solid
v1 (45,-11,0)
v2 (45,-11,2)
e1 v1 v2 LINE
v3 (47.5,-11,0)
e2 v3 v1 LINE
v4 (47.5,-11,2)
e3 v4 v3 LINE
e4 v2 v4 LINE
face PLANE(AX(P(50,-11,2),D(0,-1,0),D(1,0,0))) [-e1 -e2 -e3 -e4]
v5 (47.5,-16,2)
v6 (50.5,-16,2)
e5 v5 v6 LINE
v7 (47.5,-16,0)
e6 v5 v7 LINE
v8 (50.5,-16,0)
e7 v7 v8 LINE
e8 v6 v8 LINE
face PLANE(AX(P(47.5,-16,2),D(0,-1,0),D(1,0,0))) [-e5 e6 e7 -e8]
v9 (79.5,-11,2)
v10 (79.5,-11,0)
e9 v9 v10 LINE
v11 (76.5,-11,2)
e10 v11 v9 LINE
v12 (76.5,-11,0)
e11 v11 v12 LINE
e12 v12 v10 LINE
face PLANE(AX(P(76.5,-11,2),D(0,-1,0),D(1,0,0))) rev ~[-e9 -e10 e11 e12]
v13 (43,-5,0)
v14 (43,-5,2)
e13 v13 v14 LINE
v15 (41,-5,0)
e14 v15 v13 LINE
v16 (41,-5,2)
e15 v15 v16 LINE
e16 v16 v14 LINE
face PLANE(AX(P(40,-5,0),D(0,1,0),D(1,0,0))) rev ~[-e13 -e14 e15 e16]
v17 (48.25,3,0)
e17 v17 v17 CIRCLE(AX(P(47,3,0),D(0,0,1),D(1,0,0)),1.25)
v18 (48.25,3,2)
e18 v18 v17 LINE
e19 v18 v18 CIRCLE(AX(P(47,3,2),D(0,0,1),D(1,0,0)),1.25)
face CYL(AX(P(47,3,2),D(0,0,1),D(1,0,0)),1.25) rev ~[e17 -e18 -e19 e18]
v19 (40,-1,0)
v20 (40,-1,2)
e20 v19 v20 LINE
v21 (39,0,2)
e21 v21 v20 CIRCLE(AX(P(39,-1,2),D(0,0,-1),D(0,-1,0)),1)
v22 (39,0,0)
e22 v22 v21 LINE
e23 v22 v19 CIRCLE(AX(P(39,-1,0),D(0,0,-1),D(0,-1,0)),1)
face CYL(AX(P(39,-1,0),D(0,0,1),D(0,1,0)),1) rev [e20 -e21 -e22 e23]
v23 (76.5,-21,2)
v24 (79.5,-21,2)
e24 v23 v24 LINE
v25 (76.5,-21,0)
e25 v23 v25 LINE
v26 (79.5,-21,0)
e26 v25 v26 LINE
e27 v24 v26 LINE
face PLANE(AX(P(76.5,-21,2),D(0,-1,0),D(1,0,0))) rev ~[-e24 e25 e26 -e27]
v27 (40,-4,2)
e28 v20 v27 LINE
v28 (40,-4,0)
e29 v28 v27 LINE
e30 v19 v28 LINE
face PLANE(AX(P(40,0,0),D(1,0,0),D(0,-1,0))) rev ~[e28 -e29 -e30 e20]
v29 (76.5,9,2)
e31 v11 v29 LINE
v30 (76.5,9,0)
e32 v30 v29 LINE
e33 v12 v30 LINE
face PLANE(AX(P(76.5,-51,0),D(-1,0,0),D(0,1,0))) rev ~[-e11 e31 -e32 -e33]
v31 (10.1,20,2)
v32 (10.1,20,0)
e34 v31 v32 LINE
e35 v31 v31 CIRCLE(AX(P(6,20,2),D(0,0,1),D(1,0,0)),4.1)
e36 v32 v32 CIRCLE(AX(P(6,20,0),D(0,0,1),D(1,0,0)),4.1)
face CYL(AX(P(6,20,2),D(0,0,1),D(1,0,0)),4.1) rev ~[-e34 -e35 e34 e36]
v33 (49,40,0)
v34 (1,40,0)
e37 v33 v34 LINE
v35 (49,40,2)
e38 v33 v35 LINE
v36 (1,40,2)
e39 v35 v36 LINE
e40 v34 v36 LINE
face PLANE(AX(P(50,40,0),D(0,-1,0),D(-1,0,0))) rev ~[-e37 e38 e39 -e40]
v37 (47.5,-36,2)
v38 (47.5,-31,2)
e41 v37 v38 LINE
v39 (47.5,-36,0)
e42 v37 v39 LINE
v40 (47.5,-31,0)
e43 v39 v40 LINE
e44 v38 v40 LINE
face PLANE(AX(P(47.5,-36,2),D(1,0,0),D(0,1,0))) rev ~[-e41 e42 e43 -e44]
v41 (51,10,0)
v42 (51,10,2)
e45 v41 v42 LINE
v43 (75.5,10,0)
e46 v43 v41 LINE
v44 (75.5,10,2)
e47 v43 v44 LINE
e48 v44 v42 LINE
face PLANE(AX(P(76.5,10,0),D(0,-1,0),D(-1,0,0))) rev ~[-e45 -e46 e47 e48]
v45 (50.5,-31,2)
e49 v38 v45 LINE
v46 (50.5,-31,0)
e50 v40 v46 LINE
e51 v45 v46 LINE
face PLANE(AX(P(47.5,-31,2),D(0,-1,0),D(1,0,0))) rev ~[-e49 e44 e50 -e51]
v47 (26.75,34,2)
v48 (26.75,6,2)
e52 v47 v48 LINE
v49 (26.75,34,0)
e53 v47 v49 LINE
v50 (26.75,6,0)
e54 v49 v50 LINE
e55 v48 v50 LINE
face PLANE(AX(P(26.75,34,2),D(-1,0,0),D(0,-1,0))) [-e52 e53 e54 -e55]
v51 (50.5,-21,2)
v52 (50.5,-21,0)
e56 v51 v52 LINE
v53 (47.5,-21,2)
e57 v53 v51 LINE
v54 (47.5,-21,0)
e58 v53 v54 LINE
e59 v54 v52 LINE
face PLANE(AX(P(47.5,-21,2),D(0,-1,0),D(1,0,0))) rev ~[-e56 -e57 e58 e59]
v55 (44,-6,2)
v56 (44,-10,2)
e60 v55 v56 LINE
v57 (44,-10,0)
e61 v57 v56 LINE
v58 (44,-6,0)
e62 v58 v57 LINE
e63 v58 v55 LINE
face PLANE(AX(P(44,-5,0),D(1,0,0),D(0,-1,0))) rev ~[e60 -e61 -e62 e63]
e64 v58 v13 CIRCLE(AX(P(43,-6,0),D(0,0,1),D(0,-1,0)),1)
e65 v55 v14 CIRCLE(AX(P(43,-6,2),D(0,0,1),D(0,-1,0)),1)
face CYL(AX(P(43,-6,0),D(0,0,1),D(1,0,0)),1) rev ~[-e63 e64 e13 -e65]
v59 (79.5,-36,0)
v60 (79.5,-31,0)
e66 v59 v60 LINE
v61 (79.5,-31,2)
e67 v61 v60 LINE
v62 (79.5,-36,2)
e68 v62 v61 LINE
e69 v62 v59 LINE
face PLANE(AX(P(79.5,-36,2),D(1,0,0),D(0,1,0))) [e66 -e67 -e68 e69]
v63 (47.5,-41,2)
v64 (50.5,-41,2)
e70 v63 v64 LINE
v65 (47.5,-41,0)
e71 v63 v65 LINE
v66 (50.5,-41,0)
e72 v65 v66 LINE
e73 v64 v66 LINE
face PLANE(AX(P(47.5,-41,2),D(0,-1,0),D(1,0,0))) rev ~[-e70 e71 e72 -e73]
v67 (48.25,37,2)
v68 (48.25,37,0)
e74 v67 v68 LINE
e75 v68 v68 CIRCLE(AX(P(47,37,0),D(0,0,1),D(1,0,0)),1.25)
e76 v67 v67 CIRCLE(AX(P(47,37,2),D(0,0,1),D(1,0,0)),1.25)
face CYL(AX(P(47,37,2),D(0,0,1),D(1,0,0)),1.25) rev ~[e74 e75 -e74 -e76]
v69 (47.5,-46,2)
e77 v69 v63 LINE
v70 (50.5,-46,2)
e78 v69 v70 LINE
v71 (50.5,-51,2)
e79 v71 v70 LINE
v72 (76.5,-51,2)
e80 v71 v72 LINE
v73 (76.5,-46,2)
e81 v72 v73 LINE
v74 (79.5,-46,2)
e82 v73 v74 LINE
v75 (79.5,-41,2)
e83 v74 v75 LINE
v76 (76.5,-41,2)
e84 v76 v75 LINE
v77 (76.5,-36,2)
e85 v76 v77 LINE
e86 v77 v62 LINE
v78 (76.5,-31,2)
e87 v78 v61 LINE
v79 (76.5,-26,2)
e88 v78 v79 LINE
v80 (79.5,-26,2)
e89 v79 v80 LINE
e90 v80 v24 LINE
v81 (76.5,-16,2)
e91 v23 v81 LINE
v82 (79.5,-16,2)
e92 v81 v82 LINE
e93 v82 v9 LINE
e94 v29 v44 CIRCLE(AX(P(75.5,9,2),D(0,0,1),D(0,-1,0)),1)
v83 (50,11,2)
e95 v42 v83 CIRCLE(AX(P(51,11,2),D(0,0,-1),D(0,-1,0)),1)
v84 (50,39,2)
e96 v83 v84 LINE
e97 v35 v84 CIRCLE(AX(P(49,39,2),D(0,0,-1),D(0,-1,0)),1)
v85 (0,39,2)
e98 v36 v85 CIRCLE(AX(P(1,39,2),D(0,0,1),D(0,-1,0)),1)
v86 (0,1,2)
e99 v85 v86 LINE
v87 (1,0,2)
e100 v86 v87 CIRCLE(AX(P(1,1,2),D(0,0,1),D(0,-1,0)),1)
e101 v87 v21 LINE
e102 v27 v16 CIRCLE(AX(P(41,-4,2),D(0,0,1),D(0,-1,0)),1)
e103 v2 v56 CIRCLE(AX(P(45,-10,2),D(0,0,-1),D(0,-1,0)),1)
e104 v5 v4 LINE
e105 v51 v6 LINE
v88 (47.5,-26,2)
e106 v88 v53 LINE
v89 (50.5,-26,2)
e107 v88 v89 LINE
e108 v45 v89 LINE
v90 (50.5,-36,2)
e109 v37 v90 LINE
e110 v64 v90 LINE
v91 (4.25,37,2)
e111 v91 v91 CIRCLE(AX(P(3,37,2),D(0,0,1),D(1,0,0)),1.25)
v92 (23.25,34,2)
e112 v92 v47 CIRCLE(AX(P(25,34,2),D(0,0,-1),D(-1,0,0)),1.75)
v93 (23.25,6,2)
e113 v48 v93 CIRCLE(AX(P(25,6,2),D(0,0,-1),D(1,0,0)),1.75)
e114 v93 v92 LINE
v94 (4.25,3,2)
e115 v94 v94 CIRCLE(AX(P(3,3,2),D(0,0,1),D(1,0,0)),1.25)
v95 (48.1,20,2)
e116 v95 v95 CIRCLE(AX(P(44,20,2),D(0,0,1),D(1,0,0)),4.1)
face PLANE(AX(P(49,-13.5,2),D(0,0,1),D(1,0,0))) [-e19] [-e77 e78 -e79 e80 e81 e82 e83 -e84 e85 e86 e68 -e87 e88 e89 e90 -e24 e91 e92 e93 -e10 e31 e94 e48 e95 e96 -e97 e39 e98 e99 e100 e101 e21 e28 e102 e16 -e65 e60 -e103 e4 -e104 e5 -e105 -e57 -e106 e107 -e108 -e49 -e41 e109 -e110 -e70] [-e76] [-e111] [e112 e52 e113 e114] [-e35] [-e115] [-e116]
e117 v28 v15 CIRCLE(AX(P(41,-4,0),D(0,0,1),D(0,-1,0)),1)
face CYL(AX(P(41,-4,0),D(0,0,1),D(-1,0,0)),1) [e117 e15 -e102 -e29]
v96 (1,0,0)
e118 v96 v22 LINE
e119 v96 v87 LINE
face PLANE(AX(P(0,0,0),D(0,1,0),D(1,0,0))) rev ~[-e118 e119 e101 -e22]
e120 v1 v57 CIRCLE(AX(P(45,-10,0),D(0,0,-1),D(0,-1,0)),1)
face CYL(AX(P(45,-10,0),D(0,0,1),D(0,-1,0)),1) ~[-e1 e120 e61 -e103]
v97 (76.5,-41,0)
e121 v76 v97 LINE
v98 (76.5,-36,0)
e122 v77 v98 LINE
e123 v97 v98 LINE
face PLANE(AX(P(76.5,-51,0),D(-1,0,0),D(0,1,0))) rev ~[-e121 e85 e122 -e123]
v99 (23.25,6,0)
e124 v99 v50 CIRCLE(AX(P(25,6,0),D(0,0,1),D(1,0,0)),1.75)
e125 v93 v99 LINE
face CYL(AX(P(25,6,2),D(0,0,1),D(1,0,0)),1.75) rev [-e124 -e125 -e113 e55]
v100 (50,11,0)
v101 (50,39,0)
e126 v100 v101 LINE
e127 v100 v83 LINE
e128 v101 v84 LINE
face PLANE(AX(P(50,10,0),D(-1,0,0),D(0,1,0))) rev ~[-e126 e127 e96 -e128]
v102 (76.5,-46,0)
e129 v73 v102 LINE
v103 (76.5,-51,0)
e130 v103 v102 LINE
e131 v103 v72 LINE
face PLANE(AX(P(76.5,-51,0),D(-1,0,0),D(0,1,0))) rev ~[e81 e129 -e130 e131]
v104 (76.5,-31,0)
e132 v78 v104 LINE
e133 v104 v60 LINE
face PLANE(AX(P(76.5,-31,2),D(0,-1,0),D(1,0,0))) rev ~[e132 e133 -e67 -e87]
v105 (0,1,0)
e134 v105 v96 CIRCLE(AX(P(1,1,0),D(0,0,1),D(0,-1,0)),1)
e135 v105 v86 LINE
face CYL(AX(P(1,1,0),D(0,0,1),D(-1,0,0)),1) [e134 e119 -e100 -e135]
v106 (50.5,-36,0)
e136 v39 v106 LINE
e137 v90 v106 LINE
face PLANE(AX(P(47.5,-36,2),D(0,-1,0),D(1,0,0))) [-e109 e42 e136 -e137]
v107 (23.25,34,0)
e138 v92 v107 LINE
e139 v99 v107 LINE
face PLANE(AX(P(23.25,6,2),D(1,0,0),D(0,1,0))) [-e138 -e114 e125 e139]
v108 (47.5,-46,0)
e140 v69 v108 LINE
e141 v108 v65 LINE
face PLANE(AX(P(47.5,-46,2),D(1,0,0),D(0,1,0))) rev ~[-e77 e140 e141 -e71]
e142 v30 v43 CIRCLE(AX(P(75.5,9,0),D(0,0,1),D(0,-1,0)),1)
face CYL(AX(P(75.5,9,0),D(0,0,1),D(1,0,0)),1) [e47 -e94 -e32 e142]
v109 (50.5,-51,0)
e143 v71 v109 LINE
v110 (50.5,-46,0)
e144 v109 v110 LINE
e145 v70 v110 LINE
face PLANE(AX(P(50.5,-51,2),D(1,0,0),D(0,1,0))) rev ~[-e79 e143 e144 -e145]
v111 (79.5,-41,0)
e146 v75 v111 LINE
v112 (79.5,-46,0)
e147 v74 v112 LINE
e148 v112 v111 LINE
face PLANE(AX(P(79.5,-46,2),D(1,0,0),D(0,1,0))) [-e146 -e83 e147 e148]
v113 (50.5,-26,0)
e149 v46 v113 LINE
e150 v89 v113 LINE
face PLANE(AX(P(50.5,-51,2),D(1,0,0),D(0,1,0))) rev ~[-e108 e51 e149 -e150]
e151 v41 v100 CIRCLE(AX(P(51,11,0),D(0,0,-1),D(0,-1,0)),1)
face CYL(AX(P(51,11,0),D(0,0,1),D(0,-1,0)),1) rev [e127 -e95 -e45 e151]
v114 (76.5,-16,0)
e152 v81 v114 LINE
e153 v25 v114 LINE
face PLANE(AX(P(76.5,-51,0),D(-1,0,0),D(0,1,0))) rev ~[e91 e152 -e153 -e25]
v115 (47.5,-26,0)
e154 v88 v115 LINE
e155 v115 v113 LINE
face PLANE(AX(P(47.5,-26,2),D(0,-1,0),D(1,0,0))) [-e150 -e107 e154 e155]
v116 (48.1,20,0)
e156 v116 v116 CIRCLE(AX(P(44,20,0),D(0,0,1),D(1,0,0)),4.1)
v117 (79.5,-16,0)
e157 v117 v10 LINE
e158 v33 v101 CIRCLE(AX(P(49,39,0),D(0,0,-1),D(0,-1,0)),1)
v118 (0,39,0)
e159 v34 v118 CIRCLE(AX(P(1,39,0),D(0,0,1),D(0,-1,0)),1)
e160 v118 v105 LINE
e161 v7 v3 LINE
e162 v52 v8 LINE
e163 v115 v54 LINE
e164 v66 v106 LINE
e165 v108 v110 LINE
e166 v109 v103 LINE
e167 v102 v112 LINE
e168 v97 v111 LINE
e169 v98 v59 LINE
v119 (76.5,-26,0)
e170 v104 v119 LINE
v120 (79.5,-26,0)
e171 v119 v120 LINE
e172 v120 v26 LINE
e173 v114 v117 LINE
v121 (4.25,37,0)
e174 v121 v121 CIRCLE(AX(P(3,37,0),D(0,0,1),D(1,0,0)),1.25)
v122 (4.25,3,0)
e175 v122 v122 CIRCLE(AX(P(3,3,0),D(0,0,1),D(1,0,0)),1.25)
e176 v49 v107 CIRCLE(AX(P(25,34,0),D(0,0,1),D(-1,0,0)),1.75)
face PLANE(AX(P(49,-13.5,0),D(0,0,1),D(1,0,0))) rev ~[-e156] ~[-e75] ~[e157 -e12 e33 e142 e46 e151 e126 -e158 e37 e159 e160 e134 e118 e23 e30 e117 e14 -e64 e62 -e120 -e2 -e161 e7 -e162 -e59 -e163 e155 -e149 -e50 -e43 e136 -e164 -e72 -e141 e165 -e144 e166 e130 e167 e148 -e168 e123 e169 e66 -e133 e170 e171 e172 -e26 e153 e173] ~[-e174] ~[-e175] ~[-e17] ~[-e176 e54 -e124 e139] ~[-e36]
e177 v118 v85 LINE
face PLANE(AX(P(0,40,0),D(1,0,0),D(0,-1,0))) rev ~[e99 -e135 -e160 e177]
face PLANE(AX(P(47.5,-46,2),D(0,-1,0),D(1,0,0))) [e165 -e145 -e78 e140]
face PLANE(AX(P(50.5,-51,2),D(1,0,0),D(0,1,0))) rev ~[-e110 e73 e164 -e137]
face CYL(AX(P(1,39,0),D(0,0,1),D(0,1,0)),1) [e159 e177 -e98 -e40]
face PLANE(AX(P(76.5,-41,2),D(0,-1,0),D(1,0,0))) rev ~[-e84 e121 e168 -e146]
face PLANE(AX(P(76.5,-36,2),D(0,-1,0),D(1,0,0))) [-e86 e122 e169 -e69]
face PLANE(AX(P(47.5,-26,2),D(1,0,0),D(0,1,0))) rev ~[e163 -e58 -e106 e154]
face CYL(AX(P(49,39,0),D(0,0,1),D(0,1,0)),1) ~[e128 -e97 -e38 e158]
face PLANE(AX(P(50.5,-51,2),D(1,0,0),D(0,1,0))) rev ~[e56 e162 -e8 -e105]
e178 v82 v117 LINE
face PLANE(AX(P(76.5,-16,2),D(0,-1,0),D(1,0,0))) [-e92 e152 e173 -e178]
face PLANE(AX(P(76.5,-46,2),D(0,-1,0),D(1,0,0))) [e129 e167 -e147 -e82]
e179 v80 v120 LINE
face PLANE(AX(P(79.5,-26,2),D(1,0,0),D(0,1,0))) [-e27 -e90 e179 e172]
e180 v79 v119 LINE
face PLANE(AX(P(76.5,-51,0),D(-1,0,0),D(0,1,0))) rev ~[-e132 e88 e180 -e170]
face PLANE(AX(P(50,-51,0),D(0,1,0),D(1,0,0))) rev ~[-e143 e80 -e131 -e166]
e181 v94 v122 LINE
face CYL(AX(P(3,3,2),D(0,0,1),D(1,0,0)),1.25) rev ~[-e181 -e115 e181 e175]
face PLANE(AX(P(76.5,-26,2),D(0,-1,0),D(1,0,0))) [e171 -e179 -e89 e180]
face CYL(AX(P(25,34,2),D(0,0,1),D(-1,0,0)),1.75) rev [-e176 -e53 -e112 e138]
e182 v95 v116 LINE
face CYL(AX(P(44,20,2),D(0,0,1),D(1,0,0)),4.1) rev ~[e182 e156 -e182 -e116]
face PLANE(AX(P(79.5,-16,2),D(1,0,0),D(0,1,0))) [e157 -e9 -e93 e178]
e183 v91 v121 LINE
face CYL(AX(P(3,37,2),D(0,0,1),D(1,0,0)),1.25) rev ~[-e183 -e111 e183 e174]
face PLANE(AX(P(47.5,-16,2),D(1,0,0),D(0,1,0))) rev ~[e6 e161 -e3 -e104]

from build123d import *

# Parameters (mm, degrees)
PLATE_BODY_DEPTH     = 2
SKETCH2_R            = 4.1
SHAFT_BEARINGS_DEPTH = 3
SLOT_DEPTH           = 3
SKETCH5_R            = 1.25
BOLT_HOLES_DEPTH     = 3
SKETCH6_W            = 0.5
SKETCH6_H            = 40
CUT_EXTRUDE1_DEPTH   = 3
SKETCH8_W            = 3
SKETCH8_H            = 5
FINGER_JOINTS_DEPTH  = 2
F_1MM_FILLETS_R      = 1


with BuildPart() as part:
    # Sketch1 → plate_body (new body)
    with BuildSketch(Plane.XY):
        Polygon((0, 40), (0, 0), (40, 0), (40, -5), (44, -5), (44, -11), (50, -11), (50, -51), (76.5, -51), (76.5, 10), (50, 10), (50, 40), align=None)
    extrude(amount=PLATE_BODY_DEPTH)

    # Sketch2 → shaft_bearings (cut, through all)
    with BuildSketch(Plane.XY.offset(2)):
        with Locations((6, 20)):
            Circle(SKETCH2_R)
        with Locations((44, 20)):
            Circle(SKETCH2_R)
    extrude(amount=-SHAFT_BEARINGS_DEPTH, mode=Mode.SUBTRACT)

    # Sketch4 → slot (cut, through all)
    with BuildSketch(Plane.XY.offset(2)):
        with BuildLine():
            Line((26.75, 34), (26.75, 6))
            ThreePointArc((26.75, 6), (25, 4.25), (23.25, 6))
            Line((23.25, 6), (23.25, 34))
            ThreePointArc((23.25, 34), (25, 35.75), (26.75, 34))
        make_face()
    extrude(amount=-SLOT_DEPTH, mode=Mode.SUBTRACT)

    # Sketch5 → bolt_holes (cut, through all)
    with BuildSketch(Plane.XY.offset(2)):
        with Locations((3, 37)):
            Circle(SKETCH5_R)
        with Locations((47, 37)):
            Circle(SKETCH5_R)
        with Locations((3, 3)):
            Circle(SKETCH5_R)
        with Locations((47, 3)):
            Circle(SKETCH5_R)
    extrude(amount=-BOLT_HOLES_DEPTH, mode=Mode.SUBTRACT)

    # Sketch6 → Cut-Extrude1 (cut, through all)
    with BuildSketch(Plane.XY.offset(2)):
        with Locations((50.25, -31)):
            Rectangle(SKETCH6_W, SKETCH6_H)
    extrude(amount=-CUT_EXTRUDE1_DEPTH, mode=Mode.SUBTRACT)

    # Sketch8 → finger_joints (add)
    with BuildSketch(Plane.XY.offset(2)):
        with Locations((49, -33.5)):
            Rectangle(SKETCH8_W, SKETCH8_H)
        with Locations((49, -43.5)):
            Rectangle(SKETCH8_W, SKETCH8_H)
        with Locations((78, -43.5)):
            Rectangle(SKETCH8_W, SKETCH8_H)
        with Locations((78, -33.5)):
            Rectangle(SKETCH8_W, SKETCH8_H)
        with Locations((49, -13.5)):
            Rectangle(SKETCH8_W, SKETCH8_H)
        with Locations((49, -23.5)):
            Rectangle(SKETCH8_W, SKETCH8_H)
        with Locations((78, -23.5)):
            Rectangle(SKETCH8_W, SKETCH8_H)
        with Locations((78, -13.5)):
            Rectangle(SKETCH8_W, SKETCH8_H)
    extrude(amount=-FINGER_JOINTS_DEPTH)

    # 1mm_fillets
    f_1mm_fillets_edges = [part.edges().sort_by_distance(p)[0] for p in [
        (44, -11, 1),
        (44, -5, 1),
        (40, -5, 1),
        (40, 0, 1),
        (0, 0, 1),
        (0, 40, 1),
        (50, 40, 1),
        (50, 10, 1),
        (76.5, 10, 1),
    ]]
    fillet(f_1mm_fillets_edges, radius=F_1MM_FILLETS_R)


solid = part.part
